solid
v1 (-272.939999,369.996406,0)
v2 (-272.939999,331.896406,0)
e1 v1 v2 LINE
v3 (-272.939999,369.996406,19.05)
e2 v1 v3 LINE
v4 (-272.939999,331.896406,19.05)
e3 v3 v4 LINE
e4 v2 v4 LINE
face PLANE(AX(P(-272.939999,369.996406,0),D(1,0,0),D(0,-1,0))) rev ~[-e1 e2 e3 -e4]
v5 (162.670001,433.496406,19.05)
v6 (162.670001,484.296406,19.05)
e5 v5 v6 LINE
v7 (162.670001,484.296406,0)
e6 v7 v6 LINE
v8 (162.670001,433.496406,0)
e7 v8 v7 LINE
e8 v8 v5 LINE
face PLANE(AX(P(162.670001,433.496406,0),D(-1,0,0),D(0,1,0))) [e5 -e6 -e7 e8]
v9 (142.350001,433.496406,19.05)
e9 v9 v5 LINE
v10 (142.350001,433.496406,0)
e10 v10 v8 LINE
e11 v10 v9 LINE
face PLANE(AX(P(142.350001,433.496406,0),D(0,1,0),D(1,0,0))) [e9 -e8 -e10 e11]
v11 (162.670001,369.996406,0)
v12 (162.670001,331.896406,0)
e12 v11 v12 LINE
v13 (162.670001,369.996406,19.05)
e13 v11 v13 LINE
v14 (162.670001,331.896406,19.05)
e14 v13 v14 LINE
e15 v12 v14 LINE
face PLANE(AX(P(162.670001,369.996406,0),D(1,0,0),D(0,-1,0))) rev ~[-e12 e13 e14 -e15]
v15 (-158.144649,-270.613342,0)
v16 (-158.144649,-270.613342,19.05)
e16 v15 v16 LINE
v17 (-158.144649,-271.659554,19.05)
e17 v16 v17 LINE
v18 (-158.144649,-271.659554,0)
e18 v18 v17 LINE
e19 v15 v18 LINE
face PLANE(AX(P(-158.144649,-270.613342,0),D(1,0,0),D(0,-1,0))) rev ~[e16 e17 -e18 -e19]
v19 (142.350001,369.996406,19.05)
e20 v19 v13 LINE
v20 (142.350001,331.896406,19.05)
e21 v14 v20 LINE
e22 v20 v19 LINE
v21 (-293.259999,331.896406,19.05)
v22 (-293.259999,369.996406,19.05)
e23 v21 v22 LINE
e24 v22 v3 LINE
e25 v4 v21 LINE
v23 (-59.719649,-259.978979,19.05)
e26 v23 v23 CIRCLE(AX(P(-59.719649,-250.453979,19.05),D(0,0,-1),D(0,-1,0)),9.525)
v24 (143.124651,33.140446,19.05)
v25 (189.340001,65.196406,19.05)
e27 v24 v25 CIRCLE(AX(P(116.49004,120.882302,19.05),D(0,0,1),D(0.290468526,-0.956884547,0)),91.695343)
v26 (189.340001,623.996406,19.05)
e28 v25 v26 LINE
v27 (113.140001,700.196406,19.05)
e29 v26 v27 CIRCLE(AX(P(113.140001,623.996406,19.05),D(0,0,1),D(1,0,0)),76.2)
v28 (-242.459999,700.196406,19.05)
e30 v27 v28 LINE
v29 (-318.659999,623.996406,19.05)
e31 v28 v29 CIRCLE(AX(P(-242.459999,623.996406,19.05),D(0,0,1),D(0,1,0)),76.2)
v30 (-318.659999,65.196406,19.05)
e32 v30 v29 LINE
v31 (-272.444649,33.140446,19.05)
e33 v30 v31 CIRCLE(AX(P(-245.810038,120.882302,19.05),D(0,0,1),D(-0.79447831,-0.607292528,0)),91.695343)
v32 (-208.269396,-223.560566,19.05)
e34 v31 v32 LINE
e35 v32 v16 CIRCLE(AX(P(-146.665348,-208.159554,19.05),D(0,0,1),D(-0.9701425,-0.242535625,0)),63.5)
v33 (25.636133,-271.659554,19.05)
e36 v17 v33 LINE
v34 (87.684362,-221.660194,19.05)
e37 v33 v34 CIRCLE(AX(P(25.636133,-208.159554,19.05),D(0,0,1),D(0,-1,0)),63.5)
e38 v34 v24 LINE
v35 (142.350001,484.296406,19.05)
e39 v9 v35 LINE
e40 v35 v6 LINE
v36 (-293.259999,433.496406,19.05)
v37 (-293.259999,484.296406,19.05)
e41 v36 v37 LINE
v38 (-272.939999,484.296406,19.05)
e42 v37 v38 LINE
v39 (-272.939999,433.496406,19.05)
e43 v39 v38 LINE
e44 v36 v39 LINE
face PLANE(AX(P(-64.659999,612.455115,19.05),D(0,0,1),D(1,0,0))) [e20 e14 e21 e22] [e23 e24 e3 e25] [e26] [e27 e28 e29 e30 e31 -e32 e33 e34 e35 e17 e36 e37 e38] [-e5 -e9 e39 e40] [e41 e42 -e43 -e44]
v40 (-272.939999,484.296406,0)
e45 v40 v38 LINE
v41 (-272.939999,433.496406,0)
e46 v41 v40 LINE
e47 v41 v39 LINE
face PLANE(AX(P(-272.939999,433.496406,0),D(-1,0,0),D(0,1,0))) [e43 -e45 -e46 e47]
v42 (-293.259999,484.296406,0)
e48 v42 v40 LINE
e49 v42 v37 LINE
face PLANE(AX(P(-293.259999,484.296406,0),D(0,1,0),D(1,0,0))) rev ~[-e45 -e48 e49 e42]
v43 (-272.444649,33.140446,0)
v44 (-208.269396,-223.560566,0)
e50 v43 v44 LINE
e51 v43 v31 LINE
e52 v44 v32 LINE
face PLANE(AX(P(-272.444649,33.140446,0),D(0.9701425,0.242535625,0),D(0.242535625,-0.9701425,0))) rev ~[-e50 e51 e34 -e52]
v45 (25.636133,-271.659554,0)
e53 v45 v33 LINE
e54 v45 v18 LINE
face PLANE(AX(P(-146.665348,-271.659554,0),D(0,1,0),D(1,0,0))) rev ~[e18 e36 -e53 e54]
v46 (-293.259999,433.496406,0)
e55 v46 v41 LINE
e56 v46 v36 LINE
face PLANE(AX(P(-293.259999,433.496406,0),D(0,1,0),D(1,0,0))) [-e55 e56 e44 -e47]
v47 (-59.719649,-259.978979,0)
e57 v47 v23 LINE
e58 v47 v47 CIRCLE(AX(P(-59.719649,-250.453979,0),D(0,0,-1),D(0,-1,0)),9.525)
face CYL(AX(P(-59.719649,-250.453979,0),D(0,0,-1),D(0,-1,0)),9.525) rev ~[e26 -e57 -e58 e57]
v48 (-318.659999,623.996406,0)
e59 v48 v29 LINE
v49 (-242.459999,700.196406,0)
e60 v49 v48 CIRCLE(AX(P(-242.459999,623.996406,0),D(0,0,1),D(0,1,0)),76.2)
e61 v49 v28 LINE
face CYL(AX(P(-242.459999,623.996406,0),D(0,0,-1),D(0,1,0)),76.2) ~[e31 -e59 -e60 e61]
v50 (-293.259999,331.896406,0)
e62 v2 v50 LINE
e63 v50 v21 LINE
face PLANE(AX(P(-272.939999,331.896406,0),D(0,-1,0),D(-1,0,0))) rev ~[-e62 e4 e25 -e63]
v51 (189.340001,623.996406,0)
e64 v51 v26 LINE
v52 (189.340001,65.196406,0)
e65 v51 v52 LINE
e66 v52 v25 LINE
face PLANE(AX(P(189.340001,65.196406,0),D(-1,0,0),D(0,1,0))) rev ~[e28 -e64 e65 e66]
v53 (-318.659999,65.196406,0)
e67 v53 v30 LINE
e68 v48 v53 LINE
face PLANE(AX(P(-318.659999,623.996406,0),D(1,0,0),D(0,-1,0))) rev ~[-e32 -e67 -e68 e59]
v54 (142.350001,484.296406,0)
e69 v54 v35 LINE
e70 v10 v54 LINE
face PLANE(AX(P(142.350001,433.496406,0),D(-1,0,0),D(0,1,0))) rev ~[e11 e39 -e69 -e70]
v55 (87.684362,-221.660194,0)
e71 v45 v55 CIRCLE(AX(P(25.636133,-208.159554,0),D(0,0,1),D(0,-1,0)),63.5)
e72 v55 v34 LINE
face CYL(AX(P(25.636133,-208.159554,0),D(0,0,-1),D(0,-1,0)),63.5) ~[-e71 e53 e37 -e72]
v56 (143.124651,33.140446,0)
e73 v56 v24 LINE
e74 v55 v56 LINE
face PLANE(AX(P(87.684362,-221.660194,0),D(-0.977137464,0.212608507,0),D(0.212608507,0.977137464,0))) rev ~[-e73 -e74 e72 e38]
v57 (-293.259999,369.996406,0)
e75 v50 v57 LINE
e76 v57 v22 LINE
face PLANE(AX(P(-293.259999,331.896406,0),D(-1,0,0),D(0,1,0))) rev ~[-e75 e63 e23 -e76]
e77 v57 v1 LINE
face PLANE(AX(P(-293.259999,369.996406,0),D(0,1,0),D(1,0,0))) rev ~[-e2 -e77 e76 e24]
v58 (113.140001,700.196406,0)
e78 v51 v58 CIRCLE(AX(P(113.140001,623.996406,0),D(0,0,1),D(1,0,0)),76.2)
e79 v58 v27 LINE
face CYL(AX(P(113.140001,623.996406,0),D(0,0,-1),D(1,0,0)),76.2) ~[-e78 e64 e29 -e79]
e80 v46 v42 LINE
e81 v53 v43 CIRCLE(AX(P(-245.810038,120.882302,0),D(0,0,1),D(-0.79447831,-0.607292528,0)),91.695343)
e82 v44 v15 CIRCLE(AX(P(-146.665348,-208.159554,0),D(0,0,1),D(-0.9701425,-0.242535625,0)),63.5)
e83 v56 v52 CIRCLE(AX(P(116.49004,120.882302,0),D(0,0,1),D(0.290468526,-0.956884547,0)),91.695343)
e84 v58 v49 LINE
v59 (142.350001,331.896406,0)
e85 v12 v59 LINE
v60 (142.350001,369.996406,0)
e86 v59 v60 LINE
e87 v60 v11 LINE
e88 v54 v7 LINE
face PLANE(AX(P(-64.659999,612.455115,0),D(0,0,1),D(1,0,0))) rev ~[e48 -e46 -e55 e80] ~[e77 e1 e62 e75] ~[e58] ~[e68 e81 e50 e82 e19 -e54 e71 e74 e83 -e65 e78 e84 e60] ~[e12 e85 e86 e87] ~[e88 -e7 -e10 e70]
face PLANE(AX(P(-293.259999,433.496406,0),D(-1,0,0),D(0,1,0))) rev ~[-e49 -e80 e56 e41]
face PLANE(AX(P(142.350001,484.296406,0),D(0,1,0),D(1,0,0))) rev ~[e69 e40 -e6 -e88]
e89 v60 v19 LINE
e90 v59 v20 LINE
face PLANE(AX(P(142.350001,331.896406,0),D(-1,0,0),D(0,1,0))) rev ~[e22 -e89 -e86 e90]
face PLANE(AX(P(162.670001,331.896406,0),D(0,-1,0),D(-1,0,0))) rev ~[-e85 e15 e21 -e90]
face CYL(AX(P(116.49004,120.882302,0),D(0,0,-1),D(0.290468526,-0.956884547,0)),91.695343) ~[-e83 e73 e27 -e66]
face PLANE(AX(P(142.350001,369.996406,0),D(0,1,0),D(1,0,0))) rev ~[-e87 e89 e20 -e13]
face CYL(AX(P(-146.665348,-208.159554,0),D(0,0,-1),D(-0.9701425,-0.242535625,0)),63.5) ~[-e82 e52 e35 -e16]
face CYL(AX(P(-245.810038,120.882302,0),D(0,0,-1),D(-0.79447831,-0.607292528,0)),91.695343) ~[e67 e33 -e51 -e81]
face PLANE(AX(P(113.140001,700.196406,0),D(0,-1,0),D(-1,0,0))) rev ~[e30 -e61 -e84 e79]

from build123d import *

# Parameters (mm, degrees)
F0_W     = 20.32
F0_H     = 50.8
F1_DEPTH = 19.05
F2_DEPTH = 19.05
F3_DEPTH = 19.05


with BuildPart() as f1:
    # F0 (on Top) → F1 (new body)
    with BuildSketch(Plane.XY):
        Polygon((-242.4599993661, 535.0964056902), (-318.6599993661, 535.0964056902), (-318.6599993661, 331.8964056902), (-293.2599993661, 331.8964056902), (-293.2599993661, 369.9964056902), (-272.9399993661, 369.9964056902), (-272.9399993661, 331.8964056902), (-242.4599993661, 331.8964056902), (-242.4599993661, 369.9964056902), align=None)
        with Locations((-283.0999993661, 458.8964056902)):
            Rectangle(F0_W, F0_H, mode=Mode.SUBTRACT)
        with BuildLine():
            Line((-64.6599993661, 535.0964056902), (-242.4599993661, 535.0964056902))
            Line((-242.4599993661, 535.0964056902), (-242.4599993661, 369.9964056902))
            Line((-242.4599993661, 369.9964056902), (-242.4599993661, 331.8964056902))
            Line((-242.4599993661, 331.8964056902), (-272.9399993661, 331.8964056902))
            Line((-272.9399993661, 331.8964056902), (-293.2599993661, 331.8964056902))
            Line((-293.2599993661, 331.8964056902), (-318.6599993661, 331.8964056902))
            Line((-318.6599993661, 331.8964056902), (-318.6599993661, 65.1964056902))
            ThreePointArc((-318.6599993661, 65.1964056902), (-298.0708378663, 45.5374634714), (-272.4446494724, 33.1404457322))
            Line((-272.4446494724, 33.1404457322), (-208.2693964249, -223.5605664576))
            ThreePointArc((-208.2693964249, -223.5605664576), (-190.125501362, -254.4571248379), (-158.1446494724, -270.6133422236))
            ThreePointArc((-158.1446494724, -270.6133422236), (-152.4287869516, -271.3974603653), (-146.6653476657, -271.6595542678))
            Line((-146.6653476657, -271.6595542678), (-120.0446494724, -271.6595542678))
            Line((-120.0446494724, -271.6595542678), (-59.7196494724, -271.6595542678))
            Line((-59.7196494724, -271.6595542678), (0.6053505276, -271.6595542678))
            Line((0.6053505276, -271.6595542678), (25.6361325915, -271.6595542678))
            ThreePointArc((25.6361325915, -271.6595542678), (65.4793211523, -257.6041730378), (87.6843615354, -221.6601944351))
            Line((87.6843615354, -221.6601944351), (143.1246507402, 33.1404457322))
            ThreePointArc((143.1246507402, 33.1404457322), (168.7508391341, 45.5374634714), (189.3400006339, 65.1964056902))
            Line((189.3400006339, 65.1964056902), (189.3400006339, 331.8964056902))
            Line((189.3400006339, 331.8964056902), (163.9400006339, 331.8964056902))
            Line((163.9400006339, 331.8964056902), (162.6700006339, 331.8964056902))
            Line((162.6700006339, 331.8964056902), (142.3500006339, 331.8964056902))
            Line((142.3500006339, 331.8964056902), (113.1400006339, 331.8964056902))
            Line((113.1400006339, 331.8964056902), (113.1400006339, 369.9964056902))
            Line((113.1400006339, 369.9964056902), (113.1400006339, 535.0964056902))
            Line((113.1400006339, 535.0964056902), (-64.6599993661, 535.0964056902))
        make_face()
        with BuildLine():
            ThreePointArc((-50.1946494724, -250.4539787769), (-52.9844573816, -257.1891708677), (-59.7196494724, -259.9789787769))
            ThreePointArc((-59.7196494724, -259.9789787769), (-66.4548415632, -243.7187866861), (-50.1946494724, -250.4539787769))
        make_face(mode=Mode.SUBTRACT)
        Polygon((189.3400006339, 535.0964056902), (113.1400006339, 535.0964056902), (113.1400006339, 369.9964056902), (113.1400006339, 331.8964056902), (142.3500006339, 331.8964056902), (142.3500006339, 369.9964056902), (162.6700006339, 369.9964056902), (162.6700006339, 331.8964056902), (163.9400006339, 331.8964056902), (189.3400006339, 331.8964056902), align=None)
        with Locations((152.5100006339, 458.8964056902)):
            Rectangle(F0_W, F0_H, mode=Mode.SUBTRACT)
    extrude(amount=F1_DEPTH)

    # F0 (on Top) → F2 (join)
    with BuildSketch(Plane.XY):
        with BuildLine():
            Line((-318.6599993661, 623.9964056902), (-318.6599993661, 535.0964056902))
            Line((-318.6599993661, 535.0964056902), (-242.4599993661, 535.0964056902))
            Line((-242.4599993661, 535.0964056902), (-64.6599993661, 535.0964056902))
            Line((-64.6599993661, 535.0964056902), (113.1400006339, 535.0964056902))
            Line((113.1400006339, 535.0964056902), (189.3400006339, 535.0964056902))
            Line((189.3400006339, 535.0964056902), (189.3400006339, 623.9964056902))
            ThreePointArc((189.3400006339, 623.9964056902), (167.0215373603, 677.8779424166), (113.1400006339, 700.1964056902))
            Line((113.1400006339, 700.1964056902), (-242.4599993661, 700.1964056902))
            ThreePointArc((-242.4599993661, 700.1964056902), (-296.3415360925, 677.8779424166), (-318.6599993661, 623.9964056902))
        make_face()
        Polygon((-242.4599993661, 535.0964056902), (-318.6599993661, 535.0964056902), (-318.6599993661, 331.8964056902), (-293.2599993661, 331.8964056902), (-293.2599993661, 369.9964056902), (-272.9399993661, 369.9964056902), (-272.9399993661, 331.8964056902), (-242.4599993661, 331.8964056902), (-242.4599993661, 369.9964056902), align=None)
        with Locations((-283.0999993661, 458.8964056902)):
            Rectangle(F0_W, F0_H, mode=Mode.SUBTRACT)
        with BuildLine():
            Line((-64.6599993661, 535.0964056902), (-242.4599993661, 535.0964056902))
            Line((-242.4599993661, 535.0964056902), (-242.4599993661, 369.9964056902))
            Line((-242.4599993661, 369.9964056902), (-242.4599993661, 331.8964056902))
            Line((-242.4599993661, 331.8964056902), (-272.9399993661, 331.8964056902))
            Line((-272.9399993661, 331.8964056902), (-293.2599993661, 331.8964056902))
            Line((-293.2599993661, 331.8964056902), (-318.6599993661, 331.8964056902))
            Line((-318.6599993661, 331.8964056902), (-318.6599993661, 65.1964056902))
            ThreePointArc((-318.6599993661, 65.1964056902), (-298.0708378663, 45.5374634714), (-272.4446494724, 33.1404457322))
            Line((-272.4446494724, 33.1404457322), (-208.2693964249, -223.5605664576))
            ThreePointArc((-208.2693964249, -223.5605664576), (-190.125501362, -254.4571248379), (-158.1446494724, -270.6133422236))
            ThreePointArc((-158.1446494724, -270.6133422236), (-152.4287869516, -271.3974603653), (-146.6653476657, -271.6595542678))
            Line((-146.6653476657, -271.6595542678), (-120.0446494724, -271.6595542678))
            Line((-120.0446494724, -271.6595542678), (-59.7196494724, -271.6595542678))
            Line((-59.7196494724, -271.6595542678), (0.6053505276, -271.6595542678))
            Line((0.6053505276, -271.6595542678), (25.6361325915, -271.6595542678))
            ThreePointArc((25.6361325915, -271.6595542678), (65.4793211523, -257.6041730378), (87.6843615354, -221.6601944351))
            Line((87.6843615354, -221.6601944351), (143.1246507402, 33.1404457322))
            ThreePointArc((143.1246507402, 33.1404457322), (168.7508391341, 45.5374634714), (189.3400006339, 65.1964056902))
            Line((189.3400006339, 65.1964056902), (189.3400006339, 331.8964056902))
            Line((189.3400006339, 331.8964056902), (163.9400006339, 331.8964056902))
            Line((163.9400006339, 331.8964056902), (162.6700006339, 331.8964056902))
            Line((162.6700006339, 331.8964056902), (142.3500006339, 331.8964056902))
            Line((142.3500006339, 331.8964056902), (113.1400006339, 331.8964056902))
            Line((113.1400006339, 331.8964056902), (113.1400006339, 369.9964056902))
            Line((113.1400006339, 369.9964056902), (113.1400006339, 535.0964056902))
            Line((113.1400006339, 535.0964056902), (-64.6599993661, 535.0964056902))
        make_face()
        with BuildLine():
            ThreePointArc((-50.1946494724, -250.4539787769), (-52.9844573816, -257.1891708677), (-59.7196494724, -259.9789787769))
            ThreePointArc((-59.7196494724, -259.9789787769), (-66.4548415632, -243.7187866861), (-50.1946494724, -250.4539787769))
        make_face(mode=Mode.SUBTRACT)
        Polygon((189.3400006339, 535.0964056902), (113.1400006339, 535.0964056902), (113.1400006339, 369.9964056902), (113.1400006339, 331.8964056902), (142.3500006339, 331.8964056902), (142.3500006339, 369.9964056902), (162.6700006339, 369.9964056902), (162.6700006339, 331.8964056902), (163.9400006339, 331.8964056902), (189.3400006339, 331.8964056902), align=None)
        with Locations((152.5100006339, 458.8964056902)):
            Rectangle(F0_W, F0_H, mode=Mode.SUBTRACT)
        with BuildLine():
            ThreePointArc((-146.6653476657, -271.6595542678), (-152.4287869516, -271.3974603653), (-158.1446494724, -270.6133422236))
            Line((-158.1446494724, -270.6133422236), (-158.1446494724, -271.6595542678))
            Line((-158.1446494724, -271.6595542678), (-146.6653476657, -271.6595542678))
        make_face()
    extrude(amount=F2_DEPTH)

    # F0 (on Top) → F3 (join)
    with BuildSketch(Plane.XY):
        with BuildLine():
            Line((-318.6599993661, 623.9964056902), (-318.6599993661, 535.0964056902))
            Line((-318.6599993661, 535.0964056902), (-242.4599993661, 535.0964056902))
            Line((-242.4599993661, 535.0964056902), (-64.6599993661, 535.0964056902))
            Line((-64.6599993661, 535.0964056902), (113.1400006339, 535.0964056902))
            Line((113.1400006339, 535.0964056902), (189.3400006339, 535.0964056902))
            Line((189.3400006339, 535.0964056902), (189.3400006339, 623.9964056902))
            ThreePointArc((189.3400006339, 623.9964056902), (167.0215373603, 677.8779424166), (113.1400006339, 700.1964056902))
            Line((113.1400006339, 700.1964056902), (-242.4599993661, 700.1964056902))
            ThreePointArc((-242.4599993661, 700.1964056902), (-296.3415360925, 677.8779424166), (-318.6599993661, 623.9964056902))
        make_face()
        Polygon((-242.4599993661, 535.0964056902), (-318.6599993661, 535.0964056902), (-318.6599993661, 331.8964056902), (-293.2599993661, 331.8964056902), (-293.2599993661, 369.9964056902), (-272.9399993661, 369.9964056902), (-272.9399993661, 331.8964056902), (-242.4599993661, 331.8964056902), (-242.4599993661, 369.9964056902), align=None)
        with Locations((-283.0999993661, 458.8964056902)):
            Rectangle(F0_W, F0_H, mode=Mode.SUBTRACT)
        with BuildLine():
            Line((-64.6599993661, 535.0964056902), (-242.4599993661, 535.0964056902))
            Line((-242.4599993661, 535.0964056902), (-242.4599993661, 369.9964056902))
            Line((-242.4599993661, 369.9964056902), (-242.4599993661, 331.8964056902))
            Line((-242.4599993661, 331.8964056902), (-272.9399993661, 331.8964056902))
            Line((-272.9399993661, 331.8964056902), (-293.2599993661, 331.8964056902))
            Line((-293.2599993661, 331.8964056902), (-318.6599993661, 331.8964056902))
            Line((-318.6599993661, 331.8964056902), (-318.6599993661, 65.1964056902))
            ThreePointArc((-318.6599993661, 65.1964056902), (-298.0708378663, 45.5374634714), (-272.4446494724, 33.1404457322))
            Line((-272.4446494724, 33.1404457322), (-208.2693964249, -223.5605664576))
            ThreePointArc((-208.2693964249, -223.5605664576), (-190.125501362, -254.4571248379), (-158.1446494724, -270.6133422236))
            ThreePointArc((-158.1446494724, -270.6133422236), (-152.4287869516, -271.3974603653), (-146.6653476657, -271.6595542678))
            Line((-146.6653476657, -271.6595542678), (-120.0446494724, -271.6595542678))
            Line((-120.0446494724, -271.6595542678), (-59.7196494724, -271.6595542678))
            Line((-59.7196494724, -271.6595542678), (0.6053505276, -271.6595542678))
            Line((0.6053505276, -271.6595542678), (25.6361325915, -271.6595542678))
            ThreePointArc((25.6361325915, -271.6595542678), (65.4793211523, -257.6041730378), (87.6843615354, -221.6601944351))
            Line((87.6843615354, -221.6601944351), (143.1246507402, 33.1404457322))
            ThreePointArc((143.1246507402, 33.1404457322), (168.7508391341, 45.5374634714), (189.3400006339, 65.1964056902))
            Line((189.3400006339, 65.1964056902), (189.3400006339, 331.8964056902))
            Line((189.3400006339, 331.8964056902), (163.9400006339, 331.8964056902))
            Line((163.9400006339, 331.8964056902), (162.6700006339, 331.8964056902))
            Line((162.6700006339, 331.8964056902), (142.3500006339, 331.8964056902))
            Line((142.3500006339, 331.8964056902), (113.1400006339, 331.8964056902))
            Line((113.1400006339, 331.8964056902), (113.1400006339, 369.9964056902))
            Line((113.1400006339, 369.9964056902), (113.1400006339, 535.0964056902))
            Line((113.1400006339, 535.0964056902), (-64.6599993661, 535.0964056902))
        make_face()
        with BuildLine():
            ThreePointArc((-50.1946494724, -250.4539787769), (-52.9844573816, -257.1891708677), (-59.7196494724, -259.9789787769))
            ThreePointArc((-59.7196494724, -259.9789787769), (-66.4548415632, -243.7187866861), (-50.1946494724, -250.4539787769))
        make_face(mode=Mode.SUBTRACT)
        Polygon((189.3400006339, 535.0964056902), (113.1400006339, 535.0964056902), (113.1400006339, 369.9964056902), (113.1400006339, 331.8964056902), (142.3500006339, 331.8964056902), (142.3500006339, 369.9964056902), (162.6700006339, 369.9964056902), (162.6700006339, 331.8964056902), (163.9400006339, 331.8964056902), (189.3400006339, 331.8964056902), align=None)
        with Locations((152.5100006339, 458.8964056902)):
            Rectangle(F0_W, F0_H, mode=Mode.SUBTRACT)
        with BuildLine():
            ThreePointArc((-146.6653476657, -271.6595542678), (-152.4287869516, -271.3974603653), (-158.1446494724, -270.6133422236))
            Line((-158.1446494724, -270.6133422236), (-158.1446494724, -271.6595542678))
            Line((-158.1446494724, -271.6595542678), (-146.6653476657, -271.6595542678))
        make_face()
    extrude(amount=F3_DEPTH)


solid = f1.part
